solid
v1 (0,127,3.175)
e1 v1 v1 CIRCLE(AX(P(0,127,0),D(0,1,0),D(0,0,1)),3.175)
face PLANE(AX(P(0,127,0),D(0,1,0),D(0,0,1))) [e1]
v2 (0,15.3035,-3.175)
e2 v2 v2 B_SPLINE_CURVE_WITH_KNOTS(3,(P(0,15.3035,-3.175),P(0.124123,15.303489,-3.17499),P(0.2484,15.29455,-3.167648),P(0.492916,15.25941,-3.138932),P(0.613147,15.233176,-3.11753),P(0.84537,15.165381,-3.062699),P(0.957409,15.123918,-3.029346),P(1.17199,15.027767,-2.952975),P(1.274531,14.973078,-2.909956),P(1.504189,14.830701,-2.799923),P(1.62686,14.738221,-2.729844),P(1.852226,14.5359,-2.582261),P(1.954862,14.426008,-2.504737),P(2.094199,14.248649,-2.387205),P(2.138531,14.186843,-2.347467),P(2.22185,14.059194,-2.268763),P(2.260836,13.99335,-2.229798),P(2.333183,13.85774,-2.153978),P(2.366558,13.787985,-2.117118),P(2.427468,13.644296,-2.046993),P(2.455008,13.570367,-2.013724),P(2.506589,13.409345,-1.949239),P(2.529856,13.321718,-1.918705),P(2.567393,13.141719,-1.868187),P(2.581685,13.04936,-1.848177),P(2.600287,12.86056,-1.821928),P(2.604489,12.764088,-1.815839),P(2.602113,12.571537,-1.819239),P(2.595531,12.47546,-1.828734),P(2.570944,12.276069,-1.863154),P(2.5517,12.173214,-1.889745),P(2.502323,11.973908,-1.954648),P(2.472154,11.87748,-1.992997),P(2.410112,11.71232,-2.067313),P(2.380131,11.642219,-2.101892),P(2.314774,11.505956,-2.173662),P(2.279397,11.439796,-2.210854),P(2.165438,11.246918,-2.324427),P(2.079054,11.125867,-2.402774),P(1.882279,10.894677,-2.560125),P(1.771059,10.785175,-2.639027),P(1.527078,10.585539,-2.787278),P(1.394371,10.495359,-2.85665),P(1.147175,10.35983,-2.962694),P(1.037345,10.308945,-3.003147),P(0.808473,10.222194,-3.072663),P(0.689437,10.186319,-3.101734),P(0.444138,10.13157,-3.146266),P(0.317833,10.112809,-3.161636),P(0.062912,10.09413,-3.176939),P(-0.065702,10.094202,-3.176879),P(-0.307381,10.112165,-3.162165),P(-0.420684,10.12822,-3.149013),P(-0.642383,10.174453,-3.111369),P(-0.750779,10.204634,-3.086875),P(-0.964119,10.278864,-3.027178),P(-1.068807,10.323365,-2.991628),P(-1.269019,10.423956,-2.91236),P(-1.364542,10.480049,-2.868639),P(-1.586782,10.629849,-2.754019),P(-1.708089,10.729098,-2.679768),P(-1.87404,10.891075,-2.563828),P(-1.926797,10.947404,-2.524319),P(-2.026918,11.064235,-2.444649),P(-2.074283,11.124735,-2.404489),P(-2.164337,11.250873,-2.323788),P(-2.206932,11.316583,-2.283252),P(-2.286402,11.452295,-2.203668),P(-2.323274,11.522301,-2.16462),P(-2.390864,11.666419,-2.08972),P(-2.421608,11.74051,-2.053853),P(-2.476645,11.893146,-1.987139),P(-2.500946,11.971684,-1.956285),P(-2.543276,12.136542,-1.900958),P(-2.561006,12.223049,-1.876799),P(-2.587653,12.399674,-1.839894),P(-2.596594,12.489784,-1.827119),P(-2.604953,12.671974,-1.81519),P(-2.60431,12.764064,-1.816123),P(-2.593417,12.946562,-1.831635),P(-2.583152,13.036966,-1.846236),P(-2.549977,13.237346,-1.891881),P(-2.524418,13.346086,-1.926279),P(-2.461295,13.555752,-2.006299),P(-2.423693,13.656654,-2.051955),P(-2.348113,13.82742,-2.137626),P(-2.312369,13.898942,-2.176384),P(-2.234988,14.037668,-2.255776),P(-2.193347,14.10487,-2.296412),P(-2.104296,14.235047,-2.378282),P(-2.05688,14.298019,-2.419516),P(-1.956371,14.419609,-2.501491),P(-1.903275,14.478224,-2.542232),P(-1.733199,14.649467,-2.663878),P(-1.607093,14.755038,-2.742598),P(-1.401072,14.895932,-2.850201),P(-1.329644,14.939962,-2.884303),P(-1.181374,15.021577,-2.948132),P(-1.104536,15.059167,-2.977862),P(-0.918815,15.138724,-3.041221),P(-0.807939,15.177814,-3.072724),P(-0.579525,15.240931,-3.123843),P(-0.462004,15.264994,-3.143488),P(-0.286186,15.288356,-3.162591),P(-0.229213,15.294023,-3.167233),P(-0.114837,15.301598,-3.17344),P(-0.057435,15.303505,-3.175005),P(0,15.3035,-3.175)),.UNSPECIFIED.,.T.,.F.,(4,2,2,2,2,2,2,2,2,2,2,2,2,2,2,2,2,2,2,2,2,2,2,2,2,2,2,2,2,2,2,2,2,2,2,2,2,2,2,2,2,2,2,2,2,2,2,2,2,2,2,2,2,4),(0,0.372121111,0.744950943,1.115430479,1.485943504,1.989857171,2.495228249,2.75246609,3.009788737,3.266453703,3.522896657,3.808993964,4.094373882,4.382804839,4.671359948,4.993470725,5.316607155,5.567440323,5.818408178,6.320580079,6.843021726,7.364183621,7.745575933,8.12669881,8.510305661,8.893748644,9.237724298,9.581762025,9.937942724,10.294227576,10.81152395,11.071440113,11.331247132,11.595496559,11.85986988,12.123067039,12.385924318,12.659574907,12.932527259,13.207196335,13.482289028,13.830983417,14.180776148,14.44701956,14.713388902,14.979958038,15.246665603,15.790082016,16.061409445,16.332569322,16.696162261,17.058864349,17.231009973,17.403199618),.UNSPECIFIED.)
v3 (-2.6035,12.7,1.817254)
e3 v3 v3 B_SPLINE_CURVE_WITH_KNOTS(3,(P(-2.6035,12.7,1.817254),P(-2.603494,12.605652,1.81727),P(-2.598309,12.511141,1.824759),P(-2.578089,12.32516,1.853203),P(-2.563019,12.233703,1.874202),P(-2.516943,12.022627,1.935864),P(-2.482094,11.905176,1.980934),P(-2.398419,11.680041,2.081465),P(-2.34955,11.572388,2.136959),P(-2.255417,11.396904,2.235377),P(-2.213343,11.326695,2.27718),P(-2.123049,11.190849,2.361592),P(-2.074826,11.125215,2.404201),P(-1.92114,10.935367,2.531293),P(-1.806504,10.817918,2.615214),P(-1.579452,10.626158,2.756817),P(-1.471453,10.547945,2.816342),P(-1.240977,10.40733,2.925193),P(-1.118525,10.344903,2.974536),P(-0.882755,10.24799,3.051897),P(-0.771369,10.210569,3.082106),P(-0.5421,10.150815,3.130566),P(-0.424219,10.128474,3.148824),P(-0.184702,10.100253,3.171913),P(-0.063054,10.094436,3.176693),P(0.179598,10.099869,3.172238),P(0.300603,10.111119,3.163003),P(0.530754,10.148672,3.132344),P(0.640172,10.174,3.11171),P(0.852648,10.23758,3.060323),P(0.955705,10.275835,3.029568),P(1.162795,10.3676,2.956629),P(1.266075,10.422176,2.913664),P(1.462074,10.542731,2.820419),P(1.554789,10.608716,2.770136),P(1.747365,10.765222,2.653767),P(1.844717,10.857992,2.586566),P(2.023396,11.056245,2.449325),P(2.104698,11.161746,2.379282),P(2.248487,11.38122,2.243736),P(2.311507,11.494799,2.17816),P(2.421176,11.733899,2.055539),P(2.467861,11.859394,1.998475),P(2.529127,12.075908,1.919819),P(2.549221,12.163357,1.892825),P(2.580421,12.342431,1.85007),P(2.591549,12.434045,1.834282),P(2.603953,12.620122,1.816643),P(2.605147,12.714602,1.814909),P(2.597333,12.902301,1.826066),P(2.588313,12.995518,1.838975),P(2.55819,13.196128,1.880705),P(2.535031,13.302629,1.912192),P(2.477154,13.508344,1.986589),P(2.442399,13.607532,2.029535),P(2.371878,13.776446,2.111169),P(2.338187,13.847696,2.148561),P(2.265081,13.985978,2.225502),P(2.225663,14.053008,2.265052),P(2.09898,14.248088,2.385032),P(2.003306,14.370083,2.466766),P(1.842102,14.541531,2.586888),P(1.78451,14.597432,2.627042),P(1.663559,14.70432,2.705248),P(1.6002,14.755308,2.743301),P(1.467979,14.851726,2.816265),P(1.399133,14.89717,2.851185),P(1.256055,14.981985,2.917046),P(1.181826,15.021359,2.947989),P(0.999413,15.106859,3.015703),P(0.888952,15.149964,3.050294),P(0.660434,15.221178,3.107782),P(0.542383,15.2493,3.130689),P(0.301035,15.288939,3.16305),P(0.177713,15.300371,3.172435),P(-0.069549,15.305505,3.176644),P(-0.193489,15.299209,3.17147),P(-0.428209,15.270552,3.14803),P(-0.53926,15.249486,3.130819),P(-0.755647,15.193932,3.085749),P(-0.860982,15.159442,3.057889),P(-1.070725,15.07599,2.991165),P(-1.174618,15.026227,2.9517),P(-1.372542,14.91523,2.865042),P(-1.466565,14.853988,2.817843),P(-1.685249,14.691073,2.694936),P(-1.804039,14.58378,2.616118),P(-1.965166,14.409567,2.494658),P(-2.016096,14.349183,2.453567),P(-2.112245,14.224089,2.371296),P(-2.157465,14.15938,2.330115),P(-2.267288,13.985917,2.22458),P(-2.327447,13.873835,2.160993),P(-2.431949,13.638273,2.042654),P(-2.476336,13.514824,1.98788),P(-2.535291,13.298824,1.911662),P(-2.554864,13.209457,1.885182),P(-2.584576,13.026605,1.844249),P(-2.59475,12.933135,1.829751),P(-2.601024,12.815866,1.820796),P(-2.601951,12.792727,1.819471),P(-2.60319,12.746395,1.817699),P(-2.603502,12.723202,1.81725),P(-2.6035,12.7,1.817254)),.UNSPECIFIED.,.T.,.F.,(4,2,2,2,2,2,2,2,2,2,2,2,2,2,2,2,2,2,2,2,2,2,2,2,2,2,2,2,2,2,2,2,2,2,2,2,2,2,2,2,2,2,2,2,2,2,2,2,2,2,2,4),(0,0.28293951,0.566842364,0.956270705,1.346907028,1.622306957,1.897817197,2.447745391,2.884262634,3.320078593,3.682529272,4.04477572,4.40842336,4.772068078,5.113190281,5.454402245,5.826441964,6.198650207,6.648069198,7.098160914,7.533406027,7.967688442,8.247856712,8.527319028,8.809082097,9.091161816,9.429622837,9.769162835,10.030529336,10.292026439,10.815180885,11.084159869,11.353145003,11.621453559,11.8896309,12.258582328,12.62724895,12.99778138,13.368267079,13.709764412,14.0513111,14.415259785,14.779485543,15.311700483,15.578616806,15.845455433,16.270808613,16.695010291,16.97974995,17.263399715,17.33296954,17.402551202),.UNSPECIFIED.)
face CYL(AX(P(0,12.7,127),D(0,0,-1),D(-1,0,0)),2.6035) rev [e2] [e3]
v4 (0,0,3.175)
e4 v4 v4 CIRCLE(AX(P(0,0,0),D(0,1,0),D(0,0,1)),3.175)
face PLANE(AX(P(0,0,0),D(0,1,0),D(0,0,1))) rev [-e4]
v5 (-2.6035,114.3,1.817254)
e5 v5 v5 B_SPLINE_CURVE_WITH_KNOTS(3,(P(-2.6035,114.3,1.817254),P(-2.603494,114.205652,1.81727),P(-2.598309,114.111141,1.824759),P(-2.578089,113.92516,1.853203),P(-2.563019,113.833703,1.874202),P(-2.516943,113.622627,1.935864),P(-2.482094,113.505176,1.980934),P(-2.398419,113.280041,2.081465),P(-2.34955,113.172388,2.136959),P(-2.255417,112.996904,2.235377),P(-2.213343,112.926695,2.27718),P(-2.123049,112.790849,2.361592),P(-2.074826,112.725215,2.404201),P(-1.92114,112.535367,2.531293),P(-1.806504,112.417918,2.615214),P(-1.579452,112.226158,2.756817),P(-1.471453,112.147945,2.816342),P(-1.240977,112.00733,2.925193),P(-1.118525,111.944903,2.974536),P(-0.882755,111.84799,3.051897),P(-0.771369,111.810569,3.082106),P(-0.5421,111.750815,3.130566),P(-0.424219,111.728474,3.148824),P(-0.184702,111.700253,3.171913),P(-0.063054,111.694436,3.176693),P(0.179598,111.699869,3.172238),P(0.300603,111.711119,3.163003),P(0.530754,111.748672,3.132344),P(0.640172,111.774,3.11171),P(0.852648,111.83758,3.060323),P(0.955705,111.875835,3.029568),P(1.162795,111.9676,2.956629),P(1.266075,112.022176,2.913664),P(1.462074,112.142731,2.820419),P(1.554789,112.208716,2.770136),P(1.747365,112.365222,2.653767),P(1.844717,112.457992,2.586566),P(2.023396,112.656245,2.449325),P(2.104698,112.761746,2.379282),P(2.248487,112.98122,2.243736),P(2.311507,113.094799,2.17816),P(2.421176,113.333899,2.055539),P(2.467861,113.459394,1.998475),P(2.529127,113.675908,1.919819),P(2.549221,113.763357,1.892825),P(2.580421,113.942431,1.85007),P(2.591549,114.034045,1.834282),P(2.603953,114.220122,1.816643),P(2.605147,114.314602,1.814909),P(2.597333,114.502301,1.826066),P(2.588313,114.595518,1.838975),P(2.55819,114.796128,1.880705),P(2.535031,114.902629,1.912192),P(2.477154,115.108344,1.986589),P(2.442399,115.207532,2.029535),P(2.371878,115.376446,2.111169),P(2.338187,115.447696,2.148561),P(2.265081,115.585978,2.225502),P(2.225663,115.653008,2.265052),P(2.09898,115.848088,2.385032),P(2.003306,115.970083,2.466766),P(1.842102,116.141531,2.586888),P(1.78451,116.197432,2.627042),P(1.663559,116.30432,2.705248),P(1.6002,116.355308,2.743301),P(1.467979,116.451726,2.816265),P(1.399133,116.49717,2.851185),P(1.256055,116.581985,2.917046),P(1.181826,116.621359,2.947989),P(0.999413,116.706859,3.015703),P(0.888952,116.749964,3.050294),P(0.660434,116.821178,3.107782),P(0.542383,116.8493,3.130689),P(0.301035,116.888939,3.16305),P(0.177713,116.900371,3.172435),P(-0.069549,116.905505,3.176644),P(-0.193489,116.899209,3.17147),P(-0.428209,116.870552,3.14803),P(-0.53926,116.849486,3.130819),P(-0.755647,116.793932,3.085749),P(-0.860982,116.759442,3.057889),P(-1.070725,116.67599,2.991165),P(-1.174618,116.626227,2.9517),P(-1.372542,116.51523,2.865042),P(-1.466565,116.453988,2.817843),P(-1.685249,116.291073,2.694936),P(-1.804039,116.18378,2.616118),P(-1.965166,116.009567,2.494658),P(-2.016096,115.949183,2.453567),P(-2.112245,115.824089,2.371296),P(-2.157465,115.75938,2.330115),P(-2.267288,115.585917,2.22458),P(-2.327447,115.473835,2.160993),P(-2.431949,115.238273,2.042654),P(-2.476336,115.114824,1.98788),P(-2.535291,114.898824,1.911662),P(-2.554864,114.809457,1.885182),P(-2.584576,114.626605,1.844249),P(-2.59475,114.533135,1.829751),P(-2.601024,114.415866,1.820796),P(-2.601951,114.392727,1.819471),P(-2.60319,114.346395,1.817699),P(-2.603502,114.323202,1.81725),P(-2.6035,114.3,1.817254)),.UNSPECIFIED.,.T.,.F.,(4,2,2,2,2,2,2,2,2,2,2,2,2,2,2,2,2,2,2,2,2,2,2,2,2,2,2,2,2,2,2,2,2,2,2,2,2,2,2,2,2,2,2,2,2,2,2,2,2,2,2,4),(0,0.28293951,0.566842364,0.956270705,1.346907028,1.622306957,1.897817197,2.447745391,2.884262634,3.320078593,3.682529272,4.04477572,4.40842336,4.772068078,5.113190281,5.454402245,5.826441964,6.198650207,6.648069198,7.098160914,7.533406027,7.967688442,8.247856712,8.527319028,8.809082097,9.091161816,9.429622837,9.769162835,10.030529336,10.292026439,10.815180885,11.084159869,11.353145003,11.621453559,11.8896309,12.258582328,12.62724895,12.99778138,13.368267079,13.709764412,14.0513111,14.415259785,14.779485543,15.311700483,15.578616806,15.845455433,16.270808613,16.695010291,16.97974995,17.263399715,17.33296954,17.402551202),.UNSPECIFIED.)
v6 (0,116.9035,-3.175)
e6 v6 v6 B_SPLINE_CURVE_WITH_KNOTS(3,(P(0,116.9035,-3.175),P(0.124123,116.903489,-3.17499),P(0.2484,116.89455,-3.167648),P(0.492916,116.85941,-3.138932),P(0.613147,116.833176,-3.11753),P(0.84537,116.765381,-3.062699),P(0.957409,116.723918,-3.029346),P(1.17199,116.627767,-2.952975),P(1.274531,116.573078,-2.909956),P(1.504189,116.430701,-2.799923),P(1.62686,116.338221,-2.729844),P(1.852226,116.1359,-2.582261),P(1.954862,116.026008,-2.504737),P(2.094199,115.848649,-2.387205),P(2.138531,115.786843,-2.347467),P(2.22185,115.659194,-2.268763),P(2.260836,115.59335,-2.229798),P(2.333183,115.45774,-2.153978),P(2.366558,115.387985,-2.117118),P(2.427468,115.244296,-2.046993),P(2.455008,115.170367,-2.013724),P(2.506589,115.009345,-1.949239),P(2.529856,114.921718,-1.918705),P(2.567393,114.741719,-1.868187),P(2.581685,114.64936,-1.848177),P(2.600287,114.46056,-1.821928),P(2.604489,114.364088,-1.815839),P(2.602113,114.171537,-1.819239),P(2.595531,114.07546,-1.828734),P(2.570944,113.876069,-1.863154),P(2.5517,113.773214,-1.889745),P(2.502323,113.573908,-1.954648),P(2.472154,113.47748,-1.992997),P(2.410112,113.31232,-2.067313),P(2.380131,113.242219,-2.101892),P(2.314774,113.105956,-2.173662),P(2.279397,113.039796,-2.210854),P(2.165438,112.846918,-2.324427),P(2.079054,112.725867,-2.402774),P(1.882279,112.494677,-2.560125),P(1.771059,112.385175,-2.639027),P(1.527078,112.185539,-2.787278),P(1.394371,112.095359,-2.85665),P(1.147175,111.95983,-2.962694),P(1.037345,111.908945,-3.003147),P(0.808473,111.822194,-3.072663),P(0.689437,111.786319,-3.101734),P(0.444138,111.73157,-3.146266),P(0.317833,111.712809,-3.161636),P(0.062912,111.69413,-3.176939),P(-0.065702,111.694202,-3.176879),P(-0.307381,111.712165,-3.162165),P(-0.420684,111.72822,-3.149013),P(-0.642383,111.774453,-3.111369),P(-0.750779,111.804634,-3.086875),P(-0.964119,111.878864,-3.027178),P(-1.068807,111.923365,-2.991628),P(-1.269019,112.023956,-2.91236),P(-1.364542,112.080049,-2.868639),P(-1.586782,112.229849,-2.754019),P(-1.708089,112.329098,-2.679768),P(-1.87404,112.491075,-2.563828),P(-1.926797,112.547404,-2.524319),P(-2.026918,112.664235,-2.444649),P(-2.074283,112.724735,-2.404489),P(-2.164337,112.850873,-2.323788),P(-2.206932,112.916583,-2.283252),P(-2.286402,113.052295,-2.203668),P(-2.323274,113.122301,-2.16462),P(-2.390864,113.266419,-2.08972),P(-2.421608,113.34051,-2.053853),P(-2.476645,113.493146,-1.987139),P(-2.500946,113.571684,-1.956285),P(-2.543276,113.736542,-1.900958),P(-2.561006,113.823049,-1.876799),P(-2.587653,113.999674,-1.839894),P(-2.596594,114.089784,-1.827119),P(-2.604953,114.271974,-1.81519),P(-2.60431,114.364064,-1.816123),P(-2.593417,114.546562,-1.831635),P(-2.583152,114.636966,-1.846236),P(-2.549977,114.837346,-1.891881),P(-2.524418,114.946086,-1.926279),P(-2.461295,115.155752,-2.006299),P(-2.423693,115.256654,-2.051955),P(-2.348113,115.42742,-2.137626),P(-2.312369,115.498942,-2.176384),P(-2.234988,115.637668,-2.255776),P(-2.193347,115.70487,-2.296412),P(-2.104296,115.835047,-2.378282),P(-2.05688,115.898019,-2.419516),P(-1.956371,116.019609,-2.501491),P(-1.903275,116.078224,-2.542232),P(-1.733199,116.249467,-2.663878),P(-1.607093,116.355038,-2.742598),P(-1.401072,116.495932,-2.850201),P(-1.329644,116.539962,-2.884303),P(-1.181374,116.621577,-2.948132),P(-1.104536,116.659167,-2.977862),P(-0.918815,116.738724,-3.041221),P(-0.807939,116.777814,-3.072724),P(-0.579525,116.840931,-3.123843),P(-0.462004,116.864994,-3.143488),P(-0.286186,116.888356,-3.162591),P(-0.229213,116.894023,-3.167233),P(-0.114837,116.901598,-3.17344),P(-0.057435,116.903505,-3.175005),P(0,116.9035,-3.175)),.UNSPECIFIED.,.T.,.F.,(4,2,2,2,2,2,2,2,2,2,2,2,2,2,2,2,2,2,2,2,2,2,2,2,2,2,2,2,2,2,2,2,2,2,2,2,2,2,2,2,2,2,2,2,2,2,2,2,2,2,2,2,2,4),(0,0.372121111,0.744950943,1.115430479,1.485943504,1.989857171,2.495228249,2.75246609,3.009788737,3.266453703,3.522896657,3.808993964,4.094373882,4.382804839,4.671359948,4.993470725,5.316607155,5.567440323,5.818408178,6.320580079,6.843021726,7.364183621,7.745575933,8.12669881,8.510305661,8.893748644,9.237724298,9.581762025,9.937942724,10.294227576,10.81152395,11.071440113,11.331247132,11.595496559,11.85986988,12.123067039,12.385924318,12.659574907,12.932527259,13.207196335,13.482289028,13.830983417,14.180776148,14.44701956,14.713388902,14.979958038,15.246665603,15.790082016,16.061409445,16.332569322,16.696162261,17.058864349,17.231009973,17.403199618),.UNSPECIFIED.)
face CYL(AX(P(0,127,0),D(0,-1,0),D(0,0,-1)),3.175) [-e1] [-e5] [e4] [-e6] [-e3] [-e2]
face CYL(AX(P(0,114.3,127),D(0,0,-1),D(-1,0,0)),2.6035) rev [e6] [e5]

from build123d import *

# Parameters (mm, degrees)
SKETCH1_R               = 3.175
BOSS_EXTRUDE1_DEPTH     = 127
CUT_EXTRUDE1_DEPTH      = 127
CUT_EXTRUDE1_DEPTH_BACK = 127
SKETCH2_R               = 2.6035


with BuildPart() as part:
    # Sketch1 → Boss-Extrude1 (new body)
    with BuildSketch(Plane(origin=(0, 0, 0), x_dir=(1, 0, 0), z_dir=(0, 1, 0))):
        Circle(SKETCH1_R)
    extrude(amount=BOSS_EXTRUDE1_DEPTH)

    # Sketch2 → Cut-Extrude1 (cut, two sides: drawn at the far end of the back side and taken through both)
    with BuildSketch(Plane.XY.offset(-CUT_EXTRUDE1_DEPTH_BACK)):
        with Locations((0, 114.3)):
            Circle(SKETCH2_R)
        with Locations((0, 12.7)):
            Circle(SKETCH2_R)
    extrude(amount=CUT_EXTRUDE1_DEPTH + CUT_EXTRUDE1_DEPTH_BACK, mode=Mode.SUBTRACT)


solid = part.part
